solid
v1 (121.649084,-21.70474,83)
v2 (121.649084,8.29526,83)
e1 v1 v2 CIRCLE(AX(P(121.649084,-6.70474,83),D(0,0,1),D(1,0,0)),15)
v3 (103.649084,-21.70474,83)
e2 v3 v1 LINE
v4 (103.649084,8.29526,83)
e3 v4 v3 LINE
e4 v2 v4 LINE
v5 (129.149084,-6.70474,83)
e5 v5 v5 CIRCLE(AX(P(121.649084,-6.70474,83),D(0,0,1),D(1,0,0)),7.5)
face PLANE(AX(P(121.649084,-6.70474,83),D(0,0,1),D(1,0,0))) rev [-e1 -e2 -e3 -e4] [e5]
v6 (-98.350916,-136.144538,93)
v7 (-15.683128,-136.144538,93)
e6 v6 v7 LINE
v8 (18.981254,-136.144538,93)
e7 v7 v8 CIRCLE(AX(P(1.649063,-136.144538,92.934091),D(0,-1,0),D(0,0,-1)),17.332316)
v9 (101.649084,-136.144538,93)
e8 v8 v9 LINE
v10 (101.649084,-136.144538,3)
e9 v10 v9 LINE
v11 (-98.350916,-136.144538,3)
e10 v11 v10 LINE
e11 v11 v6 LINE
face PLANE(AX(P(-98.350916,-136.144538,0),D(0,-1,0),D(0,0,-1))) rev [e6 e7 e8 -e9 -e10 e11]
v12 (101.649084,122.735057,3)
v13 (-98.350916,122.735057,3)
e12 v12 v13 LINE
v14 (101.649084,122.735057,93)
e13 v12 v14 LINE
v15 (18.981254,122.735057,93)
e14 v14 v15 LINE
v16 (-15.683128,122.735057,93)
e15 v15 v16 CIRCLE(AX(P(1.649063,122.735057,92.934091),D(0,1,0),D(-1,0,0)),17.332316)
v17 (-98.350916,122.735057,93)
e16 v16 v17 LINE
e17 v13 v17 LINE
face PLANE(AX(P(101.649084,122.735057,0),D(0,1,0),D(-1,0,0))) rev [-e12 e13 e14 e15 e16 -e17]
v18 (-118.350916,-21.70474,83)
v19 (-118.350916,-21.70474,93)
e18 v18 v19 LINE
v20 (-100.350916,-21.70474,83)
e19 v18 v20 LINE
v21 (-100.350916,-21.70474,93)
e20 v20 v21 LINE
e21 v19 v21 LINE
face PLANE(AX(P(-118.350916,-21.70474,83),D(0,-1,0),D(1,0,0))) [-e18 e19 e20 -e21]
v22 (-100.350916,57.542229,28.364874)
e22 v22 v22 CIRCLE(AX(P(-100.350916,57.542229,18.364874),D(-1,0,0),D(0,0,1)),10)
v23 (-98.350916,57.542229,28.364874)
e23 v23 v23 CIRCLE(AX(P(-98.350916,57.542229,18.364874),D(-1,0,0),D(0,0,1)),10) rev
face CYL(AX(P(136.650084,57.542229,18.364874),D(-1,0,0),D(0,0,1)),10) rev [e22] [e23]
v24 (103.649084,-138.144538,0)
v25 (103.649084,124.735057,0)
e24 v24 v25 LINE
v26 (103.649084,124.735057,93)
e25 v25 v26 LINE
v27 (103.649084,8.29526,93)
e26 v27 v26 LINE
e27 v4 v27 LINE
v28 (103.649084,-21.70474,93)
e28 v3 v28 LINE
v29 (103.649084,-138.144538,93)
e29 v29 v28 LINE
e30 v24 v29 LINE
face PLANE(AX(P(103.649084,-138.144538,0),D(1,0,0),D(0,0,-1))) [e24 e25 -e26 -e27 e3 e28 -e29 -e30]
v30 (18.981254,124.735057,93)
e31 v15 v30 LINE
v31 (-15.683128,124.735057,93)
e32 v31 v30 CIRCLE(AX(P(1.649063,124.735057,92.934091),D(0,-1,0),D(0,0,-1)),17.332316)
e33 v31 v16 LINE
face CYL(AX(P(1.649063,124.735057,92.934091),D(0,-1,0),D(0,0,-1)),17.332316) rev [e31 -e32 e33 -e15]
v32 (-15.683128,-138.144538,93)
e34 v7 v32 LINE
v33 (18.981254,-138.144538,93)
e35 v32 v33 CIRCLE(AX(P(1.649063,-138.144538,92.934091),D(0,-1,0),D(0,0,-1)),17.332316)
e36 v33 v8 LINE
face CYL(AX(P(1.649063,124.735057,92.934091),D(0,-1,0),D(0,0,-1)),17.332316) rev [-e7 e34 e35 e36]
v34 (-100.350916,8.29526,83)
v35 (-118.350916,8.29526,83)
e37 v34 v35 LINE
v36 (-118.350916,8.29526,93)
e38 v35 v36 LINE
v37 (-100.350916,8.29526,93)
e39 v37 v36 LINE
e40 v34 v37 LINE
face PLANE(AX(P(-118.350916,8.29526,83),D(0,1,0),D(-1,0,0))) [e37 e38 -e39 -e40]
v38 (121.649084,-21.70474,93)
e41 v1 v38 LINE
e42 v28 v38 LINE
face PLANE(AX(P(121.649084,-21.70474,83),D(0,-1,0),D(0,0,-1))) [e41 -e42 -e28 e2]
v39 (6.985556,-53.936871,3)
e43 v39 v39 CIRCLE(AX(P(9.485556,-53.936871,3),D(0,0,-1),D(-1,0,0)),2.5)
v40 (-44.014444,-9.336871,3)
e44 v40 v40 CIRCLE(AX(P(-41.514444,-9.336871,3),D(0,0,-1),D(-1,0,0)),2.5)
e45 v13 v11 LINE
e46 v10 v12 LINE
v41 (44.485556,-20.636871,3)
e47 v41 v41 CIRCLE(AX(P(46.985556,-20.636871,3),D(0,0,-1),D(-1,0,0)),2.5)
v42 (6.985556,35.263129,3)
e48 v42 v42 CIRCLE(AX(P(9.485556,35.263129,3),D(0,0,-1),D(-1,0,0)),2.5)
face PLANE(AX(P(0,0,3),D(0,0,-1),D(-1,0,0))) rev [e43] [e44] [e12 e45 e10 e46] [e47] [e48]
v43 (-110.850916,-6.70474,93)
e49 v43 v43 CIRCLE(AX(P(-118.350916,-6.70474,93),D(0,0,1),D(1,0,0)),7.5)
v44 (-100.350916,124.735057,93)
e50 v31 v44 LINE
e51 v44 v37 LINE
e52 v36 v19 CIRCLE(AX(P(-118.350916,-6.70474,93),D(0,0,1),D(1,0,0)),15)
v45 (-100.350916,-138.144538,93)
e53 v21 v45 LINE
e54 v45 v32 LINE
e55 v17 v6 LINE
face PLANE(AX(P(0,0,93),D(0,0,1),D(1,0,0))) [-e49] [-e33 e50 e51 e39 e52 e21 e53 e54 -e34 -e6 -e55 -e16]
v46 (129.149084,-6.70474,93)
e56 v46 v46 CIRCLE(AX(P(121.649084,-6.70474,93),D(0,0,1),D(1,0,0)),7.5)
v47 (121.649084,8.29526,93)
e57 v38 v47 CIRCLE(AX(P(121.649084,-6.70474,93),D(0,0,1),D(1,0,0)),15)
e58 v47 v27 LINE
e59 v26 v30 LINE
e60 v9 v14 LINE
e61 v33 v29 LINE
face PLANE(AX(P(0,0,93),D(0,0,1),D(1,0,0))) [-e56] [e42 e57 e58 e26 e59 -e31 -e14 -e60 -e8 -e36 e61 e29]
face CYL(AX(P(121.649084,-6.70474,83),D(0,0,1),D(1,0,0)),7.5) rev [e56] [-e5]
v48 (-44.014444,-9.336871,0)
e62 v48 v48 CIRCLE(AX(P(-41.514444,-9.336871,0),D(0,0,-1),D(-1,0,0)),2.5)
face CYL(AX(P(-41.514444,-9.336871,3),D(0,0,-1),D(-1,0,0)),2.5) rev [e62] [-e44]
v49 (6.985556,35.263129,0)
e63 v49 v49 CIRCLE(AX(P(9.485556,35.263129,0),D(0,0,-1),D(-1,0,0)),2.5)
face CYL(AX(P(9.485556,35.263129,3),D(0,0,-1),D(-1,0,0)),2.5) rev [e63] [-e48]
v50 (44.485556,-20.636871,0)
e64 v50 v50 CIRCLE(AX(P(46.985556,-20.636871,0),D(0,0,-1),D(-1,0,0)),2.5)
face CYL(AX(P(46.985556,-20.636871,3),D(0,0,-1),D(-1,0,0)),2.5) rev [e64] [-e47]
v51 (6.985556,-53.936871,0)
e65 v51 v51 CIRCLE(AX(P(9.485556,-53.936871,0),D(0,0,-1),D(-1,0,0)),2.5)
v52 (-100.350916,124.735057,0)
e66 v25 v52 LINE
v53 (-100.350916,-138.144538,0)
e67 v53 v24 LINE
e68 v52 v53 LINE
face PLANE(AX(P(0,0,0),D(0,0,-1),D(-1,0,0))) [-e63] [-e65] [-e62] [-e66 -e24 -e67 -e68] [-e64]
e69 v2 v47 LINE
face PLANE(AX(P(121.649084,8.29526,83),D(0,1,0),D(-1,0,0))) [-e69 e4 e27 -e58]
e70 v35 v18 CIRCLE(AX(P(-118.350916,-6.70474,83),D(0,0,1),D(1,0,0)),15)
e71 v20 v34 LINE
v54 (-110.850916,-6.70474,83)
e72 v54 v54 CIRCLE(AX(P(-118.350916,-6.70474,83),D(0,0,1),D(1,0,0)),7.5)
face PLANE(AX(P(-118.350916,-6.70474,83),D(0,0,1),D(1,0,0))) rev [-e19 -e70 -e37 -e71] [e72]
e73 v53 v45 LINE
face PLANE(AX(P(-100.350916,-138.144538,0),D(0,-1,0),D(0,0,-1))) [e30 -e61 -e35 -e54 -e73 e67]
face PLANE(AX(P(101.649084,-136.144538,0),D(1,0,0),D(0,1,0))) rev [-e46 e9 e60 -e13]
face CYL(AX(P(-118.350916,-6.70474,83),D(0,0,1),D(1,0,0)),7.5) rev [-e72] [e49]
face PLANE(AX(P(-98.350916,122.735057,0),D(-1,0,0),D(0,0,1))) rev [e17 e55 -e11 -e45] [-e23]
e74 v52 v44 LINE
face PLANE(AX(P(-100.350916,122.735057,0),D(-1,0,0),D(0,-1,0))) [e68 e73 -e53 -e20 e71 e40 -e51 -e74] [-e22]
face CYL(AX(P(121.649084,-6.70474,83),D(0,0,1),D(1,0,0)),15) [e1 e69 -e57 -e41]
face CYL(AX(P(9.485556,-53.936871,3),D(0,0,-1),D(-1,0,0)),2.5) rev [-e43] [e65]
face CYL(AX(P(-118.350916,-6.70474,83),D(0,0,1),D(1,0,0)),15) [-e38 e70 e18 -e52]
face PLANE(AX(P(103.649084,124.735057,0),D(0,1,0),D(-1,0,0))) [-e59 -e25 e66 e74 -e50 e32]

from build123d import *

# Parameters (mm, degrees)
SKETCH1_W                = 200
SKETCH1_H                = 258.87959476
BOSS_EXTRUDE1_DEPTH      = 3
SKETCH2_W                = 200
SKETCH2_H                = 258.87959476
BOSS_EXTRUDE3_DEPTH      = 90
BOSS_EXTRUDE3_DEPTH_BACK = 3
SKETCH3_R                = 2.5
CUT_EXTRUDE2_DEPTH       = 3
SKETCH4_R                = 17.332315934
CUT_EXTRUDE4_DEPTH       = 263.87959476
SKETCH5_R                = 7.5
BOSS_EXTRUDE5_DEPTH      = 10
CUT_EXTRUDE5_REACH       = 239
SKETCH6_R                = 10


with BuildPart() as part:
    # Sketch1 → Boss-Extrude1 (new body)
    with BuildSketch(Plane(origin=(0, 0, 0), x_dir=(-1, 0, 0), z_dir=(0, 0, 1))):
        with Locations((-1.649083583, 6.704740248)):
            Rectangle(SKETCH1_W, SKETCH1_H)
    extrude(amount=BOSS_EXTRUDE1_DEPTH)

    # Sketch2 → Boss-Extrude3 (add, two sides)
    with BuildSketch(Plane.XY.offset(3)) as boss_extrude3_sk:
        Polygon((-100.350916417, 122.735057132), (-100.350916417, -138.144537628), (103.649083583, -138.144537628), (103.649083583, 124.735057132), (-100.350916417, 124.735057132), align=None)
        with Locations((1.649083583, -6.704740248)):
            Rectangle(SKETCH2_W, SKETCH2_H, mode=Mode.SUBTRACT)
    extrude(amount=BOSS_EXTRUDE3_DEPTH)
    extrude(boss_extrude3_sk.sketch, amount=-BOSS_EXTRUDE3_DEPTH_BACK)

    # Sketch3 → Cut-Extrude2 (cut)
    with BuildSketch(Plane(origin=(0, 0, 0), x_dir=(-1, 0, 0), z_dir=(0, 0, -1))):
        with Locations((41.514444489, -9.336870594)):
            Circle(SKETCH3_R)
        with Locations((-9.485555511, 35.263129406)):
            Circle(SKETCH3_R)
        with Locations((-9.485555511, -53.936870594)):
            Circle(SKETCH3_R)
        with Locations((-46.985555511, -20.636870594)):
            Circle(SKETCH3_R)
    extrude(amount=-CUT_EXTRUDE2_DEPTH, mode=Mode.SUBTRACT)

    # Sketch4 → Cut-Extrude4 (cut, through all)
    with BuildSketch(Plane.XZ.offset(138.144537628)):
        with Locations((1.649062898, 92.934091246)):
            Circle(SKETCH4_R)
    extrude(amount=-CUT_EXTRUDE4_DEPTH, mode=Mode.SUBTRACT)

    # Sketch5 → Boss-Extrude5 (add)
    with BuildSketch(Plane.XY.offset(93)):
        with BuildLine():
            Line((103.649083583, 8.295259752), (103.649083583, -6.704740248))
            Line((103.649083583, -6.704740248), (103.649083583, -21.704740248))
            Line((103.649083583, -21.704740248), (121.649083583, -21.704740248))
            ThreePointArc((121.649083583, -21.704740248), (136.649083583, -6.704740248), (121.649083583, 8.295259752))
            Line((121.649083583, 8.295259752), (103.649083583, 8.295259752))
        make_face()
        with Locations((121.649083583, -6.704740248)):
            Circle(SKETCH5_R, mode=Mode.SUBTRACT)
        with BuildLine():
            Line((-100.350916417, -21.704740248), (-100.350916417, -6.704740248))
            Line((-100.350916417, -6.704740248), (-100.350916417, 8.295259752))
            Line((-100.350916417, 8.295259752), (-118.350916417, 8.295259752))
            ThreePointArc((-118.350916417, 8.295259752), (-133.350916417, -6.704740248), (-118.350916417, -21.704740248))
            Line((-118.350916417, -21.704740248), (-100.350916417, -21.704740248))
        make_face()
        with Locations((-118.350916417, -6.704740248)):
            Circle(SKETCH5_R, mode=Mode.SUBTRACT)
    extrude(amount=-BOSS_EXTRUDE5_DEPTH)

    # Sketch6 → Cut-Extrude5 (cut, up to next)
    with BuildSketch(Plane.ZY.offset(100.350916417), mode=Mode.PRIVATE) as cut_extrude5_sk1:
        with Locations((18.364873633, 57.542228563)):
            Circle(SKETCH6_R)
    cut_extrude5_tool1 = extrude(cut_extrude5_sk1.sketch, amount=-CUT_EXTRUDE5_REACH, mode=Mode.PRIVATE) & part.part
    add(cut_extrude5_tool1.solids().sort_by_distance((-100.350916, 57.542229, 18.364874))[0], mode=Mode.SUBTRACT)


solid = part.part
